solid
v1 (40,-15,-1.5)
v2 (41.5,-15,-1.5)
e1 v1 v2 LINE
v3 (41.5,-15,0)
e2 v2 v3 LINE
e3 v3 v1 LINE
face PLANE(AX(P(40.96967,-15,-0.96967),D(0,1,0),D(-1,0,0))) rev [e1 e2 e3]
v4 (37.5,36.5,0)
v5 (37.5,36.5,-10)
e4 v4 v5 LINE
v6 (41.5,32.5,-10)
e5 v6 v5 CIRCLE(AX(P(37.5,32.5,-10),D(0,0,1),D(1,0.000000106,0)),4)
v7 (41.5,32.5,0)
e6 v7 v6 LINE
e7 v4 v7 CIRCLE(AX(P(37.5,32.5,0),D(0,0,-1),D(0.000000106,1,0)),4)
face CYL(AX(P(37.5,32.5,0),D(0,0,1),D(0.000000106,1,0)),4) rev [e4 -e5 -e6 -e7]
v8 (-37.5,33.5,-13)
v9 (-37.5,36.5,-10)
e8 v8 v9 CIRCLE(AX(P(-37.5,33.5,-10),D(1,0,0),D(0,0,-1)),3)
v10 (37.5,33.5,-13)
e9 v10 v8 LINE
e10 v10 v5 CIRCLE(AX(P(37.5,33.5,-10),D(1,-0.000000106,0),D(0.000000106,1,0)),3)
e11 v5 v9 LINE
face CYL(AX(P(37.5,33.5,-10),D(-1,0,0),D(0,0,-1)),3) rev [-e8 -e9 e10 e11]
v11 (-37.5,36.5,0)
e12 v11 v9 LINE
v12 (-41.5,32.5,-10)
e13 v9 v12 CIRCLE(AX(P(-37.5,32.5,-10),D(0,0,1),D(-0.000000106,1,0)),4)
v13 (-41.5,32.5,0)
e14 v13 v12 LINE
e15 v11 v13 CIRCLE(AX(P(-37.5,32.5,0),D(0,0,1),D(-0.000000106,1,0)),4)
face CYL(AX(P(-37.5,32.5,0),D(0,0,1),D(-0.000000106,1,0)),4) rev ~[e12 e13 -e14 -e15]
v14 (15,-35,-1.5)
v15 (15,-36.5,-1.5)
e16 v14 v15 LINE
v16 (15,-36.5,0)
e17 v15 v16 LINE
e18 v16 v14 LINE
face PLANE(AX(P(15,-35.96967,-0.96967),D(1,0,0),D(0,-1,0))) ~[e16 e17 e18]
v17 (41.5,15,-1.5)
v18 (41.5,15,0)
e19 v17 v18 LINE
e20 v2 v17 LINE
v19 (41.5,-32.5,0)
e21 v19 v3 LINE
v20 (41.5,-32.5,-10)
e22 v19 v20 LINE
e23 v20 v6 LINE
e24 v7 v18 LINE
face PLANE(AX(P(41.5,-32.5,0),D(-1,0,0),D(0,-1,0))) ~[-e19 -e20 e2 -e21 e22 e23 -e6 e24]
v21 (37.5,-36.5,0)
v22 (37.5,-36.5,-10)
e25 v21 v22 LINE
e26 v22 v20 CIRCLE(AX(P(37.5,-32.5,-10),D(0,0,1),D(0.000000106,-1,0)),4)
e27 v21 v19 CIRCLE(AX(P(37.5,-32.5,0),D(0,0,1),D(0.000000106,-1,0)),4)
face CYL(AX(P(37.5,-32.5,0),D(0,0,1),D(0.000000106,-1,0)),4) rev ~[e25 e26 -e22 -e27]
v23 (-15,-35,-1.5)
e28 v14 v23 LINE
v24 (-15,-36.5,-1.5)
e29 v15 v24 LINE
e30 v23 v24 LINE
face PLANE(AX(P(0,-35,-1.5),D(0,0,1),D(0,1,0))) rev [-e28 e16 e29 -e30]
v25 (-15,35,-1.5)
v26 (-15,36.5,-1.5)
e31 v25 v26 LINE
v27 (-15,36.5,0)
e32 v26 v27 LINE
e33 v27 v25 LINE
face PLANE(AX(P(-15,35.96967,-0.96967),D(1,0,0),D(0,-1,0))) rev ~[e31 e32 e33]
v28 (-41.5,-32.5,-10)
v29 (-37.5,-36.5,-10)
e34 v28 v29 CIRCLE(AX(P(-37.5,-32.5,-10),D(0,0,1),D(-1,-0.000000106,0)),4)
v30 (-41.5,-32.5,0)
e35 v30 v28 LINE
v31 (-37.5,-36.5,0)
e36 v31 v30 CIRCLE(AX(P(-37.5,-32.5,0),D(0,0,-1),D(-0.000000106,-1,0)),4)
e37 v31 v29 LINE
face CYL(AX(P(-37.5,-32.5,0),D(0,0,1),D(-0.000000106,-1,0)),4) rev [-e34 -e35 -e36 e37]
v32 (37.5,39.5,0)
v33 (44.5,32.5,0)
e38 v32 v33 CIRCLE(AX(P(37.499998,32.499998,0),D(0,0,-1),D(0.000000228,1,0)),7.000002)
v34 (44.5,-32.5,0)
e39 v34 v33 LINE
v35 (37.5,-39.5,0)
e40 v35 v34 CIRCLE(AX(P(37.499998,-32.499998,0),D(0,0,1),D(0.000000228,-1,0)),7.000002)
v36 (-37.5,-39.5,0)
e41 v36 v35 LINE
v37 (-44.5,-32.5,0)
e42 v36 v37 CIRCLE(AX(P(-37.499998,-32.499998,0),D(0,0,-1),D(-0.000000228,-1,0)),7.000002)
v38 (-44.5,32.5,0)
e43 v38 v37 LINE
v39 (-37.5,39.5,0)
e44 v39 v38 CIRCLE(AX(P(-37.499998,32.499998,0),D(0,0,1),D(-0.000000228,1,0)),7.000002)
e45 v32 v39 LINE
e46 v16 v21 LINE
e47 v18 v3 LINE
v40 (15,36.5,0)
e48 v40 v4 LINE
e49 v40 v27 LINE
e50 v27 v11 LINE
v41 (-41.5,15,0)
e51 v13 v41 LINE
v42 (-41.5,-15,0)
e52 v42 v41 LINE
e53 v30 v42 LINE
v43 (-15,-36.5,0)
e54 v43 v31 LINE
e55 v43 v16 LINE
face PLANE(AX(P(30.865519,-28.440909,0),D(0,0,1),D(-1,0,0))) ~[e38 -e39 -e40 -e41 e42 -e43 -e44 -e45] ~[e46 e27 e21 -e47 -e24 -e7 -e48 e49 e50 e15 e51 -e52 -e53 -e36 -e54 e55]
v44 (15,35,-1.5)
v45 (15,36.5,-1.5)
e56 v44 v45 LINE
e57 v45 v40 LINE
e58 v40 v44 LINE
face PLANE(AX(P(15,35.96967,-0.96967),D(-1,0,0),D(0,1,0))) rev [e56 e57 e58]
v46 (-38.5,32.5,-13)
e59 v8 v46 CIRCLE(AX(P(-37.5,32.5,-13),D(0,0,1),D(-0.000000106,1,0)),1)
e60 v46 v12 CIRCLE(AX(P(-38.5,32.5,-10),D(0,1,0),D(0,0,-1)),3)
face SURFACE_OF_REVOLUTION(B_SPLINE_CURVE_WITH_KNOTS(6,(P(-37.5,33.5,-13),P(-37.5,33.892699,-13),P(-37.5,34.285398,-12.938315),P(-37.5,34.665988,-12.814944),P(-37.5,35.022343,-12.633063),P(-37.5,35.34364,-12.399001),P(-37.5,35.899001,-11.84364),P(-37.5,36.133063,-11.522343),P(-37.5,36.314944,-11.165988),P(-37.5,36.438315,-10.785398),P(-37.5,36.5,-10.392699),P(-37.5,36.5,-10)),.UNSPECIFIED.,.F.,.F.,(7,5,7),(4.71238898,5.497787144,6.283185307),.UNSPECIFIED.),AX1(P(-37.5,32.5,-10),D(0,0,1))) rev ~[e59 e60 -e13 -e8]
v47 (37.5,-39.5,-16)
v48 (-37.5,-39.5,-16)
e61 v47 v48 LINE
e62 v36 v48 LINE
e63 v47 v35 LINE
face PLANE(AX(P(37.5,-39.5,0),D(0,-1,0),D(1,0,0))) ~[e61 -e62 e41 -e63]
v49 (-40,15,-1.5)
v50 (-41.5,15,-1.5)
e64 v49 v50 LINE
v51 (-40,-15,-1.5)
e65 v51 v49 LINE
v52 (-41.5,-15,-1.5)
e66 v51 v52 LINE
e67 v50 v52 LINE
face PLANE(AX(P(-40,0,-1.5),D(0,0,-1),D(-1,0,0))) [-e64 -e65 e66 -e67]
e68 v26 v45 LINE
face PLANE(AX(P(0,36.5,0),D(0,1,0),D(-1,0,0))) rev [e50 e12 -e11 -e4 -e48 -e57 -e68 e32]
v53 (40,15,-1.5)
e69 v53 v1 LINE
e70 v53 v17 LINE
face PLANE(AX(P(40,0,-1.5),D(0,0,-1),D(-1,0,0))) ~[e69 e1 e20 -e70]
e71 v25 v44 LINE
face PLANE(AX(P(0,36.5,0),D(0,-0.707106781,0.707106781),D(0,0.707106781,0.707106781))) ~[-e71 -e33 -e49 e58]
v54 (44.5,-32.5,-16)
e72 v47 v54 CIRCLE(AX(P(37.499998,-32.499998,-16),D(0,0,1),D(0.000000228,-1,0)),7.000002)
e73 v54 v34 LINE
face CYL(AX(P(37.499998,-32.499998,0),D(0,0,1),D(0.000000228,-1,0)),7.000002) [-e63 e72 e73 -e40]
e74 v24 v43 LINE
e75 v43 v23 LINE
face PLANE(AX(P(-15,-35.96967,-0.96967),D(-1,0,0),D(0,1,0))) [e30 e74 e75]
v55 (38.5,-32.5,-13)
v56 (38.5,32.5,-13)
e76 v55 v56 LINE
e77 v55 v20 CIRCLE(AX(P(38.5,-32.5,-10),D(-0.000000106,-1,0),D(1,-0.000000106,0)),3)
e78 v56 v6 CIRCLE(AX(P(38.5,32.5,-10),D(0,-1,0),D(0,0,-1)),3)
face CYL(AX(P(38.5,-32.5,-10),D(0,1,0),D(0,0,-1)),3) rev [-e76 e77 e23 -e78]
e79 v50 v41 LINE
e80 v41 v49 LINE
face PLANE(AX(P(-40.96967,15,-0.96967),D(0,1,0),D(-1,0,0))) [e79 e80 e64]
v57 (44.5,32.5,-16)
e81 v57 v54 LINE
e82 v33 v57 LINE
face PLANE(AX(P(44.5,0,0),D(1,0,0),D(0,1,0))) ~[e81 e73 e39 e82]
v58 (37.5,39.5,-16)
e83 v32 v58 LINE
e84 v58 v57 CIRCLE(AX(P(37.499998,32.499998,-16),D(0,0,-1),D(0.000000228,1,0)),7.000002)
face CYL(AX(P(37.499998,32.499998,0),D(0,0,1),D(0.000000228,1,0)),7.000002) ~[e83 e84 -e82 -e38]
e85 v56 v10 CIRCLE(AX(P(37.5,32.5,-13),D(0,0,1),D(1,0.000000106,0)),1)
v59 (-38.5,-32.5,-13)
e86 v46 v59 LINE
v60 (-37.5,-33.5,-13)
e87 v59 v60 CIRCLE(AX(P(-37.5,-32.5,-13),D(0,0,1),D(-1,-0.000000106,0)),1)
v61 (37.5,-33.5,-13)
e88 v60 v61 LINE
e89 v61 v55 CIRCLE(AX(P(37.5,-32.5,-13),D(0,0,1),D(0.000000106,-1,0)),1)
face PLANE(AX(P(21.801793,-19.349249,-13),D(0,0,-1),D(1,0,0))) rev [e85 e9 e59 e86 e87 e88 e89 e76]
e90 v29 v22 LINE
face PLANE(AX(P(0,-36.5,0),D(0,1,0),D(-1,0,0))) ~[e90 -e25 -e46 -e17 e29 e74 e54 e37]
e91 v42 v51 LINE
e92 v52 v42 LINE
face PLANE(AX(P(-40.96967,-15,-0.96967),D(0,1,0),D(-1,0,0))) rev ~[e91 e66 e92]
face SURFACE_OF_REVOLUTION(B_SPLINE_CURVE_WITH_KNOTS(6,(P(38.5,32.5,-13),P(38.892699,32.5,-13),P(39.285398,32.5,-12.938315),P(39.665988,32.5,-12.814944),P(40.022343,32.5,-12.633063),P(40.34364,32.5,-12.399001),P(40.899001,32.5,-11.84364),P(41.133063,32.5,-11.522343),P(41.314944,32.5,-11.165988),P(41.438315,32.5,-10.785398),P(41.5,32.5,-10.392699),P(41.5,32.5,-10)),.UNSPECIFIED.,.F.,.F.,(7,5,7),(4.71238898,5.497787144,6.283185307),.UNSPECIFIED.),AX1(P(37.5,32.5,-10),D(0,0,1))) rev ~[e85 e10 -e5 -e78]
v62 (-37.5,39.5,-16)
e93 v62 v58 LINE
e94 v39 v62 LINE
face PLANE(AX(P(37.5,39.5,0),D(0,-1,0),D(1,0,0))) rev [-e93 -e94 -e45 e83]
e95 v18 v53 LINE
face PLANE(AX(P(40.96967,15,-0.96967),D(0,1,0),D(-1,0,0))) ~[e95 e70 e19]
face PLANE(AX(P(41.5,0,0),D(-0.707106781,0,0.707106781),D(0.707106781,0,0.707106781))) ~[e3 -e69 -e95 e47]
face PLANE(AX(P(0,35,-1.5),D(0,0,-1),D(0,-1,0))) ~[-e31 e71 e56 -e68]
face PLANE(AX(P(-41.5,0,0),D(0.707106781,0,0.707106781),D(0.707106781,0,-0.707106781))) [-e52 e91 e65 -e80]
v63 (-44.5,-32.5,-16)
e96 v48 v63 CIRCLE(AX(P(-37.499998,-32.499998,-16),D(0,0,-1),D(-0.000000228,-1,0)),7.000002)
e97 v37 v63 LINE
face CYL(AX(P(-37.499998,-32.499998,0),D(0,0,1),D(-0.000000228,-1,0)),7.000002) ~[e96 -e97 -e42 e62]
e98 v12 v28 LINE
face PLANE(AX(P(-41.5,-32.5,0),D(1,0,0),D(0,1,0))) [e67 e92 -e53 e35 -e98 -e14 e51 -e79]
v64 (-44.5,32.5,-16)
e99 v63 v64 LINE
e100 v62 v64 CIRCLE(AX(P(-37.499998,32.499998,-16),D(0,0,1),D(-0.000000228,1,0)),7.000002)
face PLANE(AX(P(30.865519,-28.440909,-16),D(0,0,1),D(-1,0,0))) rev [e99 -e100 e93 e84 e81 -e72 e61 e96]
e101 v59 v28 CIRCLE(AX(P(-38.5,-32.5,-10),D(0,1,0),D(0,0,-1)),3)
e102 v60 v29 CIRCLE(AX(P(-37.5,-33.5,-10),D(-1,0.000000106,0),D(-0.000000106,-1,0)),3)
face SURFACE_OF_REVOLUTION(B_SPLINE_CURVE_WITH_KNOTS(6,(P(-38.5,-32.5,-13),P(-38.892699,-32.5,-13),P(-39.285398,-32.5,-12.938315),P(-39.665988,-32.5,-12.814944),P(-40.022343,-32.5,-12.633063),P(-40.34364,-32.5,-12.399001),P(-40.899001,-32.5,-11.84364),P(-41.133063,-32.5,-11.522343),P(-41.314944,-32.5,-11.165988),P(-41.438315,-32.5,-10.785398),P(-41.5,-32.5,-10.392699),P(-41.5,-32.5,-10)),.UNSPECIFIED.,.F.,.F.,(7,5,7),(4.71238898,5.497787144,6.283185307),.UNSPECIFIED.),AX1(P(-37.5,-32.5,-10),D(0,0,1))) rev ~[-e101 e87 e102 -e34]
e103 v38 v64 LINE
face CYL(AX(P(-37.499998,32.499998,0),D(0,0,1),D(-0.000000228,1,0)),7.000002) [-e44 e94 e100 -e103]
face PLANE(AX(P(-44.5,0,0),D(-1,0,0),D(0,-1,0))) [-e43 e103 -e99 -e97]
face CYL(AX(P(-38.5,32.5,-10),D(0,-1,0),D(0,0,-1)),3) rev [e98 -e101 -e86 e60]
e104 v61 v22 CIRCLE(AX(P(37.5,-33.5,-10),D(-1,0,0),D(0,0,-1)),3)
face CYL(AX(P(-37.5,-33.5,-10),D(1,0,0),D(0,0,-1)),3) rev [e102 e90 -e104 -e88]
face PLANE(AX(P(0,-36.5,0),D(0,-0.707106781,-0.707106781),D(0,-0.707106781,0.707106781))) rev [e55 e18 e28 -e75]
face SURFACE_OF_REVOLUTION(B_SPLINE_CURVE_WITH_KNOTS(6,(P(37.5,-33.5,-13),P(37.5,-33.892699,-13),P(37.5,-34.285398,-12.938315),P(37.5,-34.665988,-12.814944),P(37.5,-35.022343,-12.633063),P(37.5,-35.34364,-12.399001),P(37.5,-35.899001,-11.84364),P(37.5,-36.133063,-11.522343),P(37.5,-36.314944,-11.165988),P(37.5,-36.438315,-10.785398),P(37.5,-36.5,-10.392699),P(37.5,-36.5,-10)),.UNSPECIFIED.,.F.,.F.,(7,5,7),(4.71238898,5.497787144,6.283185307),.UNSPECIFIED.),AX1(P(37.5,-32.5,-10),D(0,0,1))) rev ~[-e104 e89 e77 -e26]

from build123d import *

# Parameters (mm, degrees)
PAD001_DEPTH            = 15
PAD_DEPTH               = 16
PAD002_DEPTH            = 3
PAD003_DEPTH            = 15
PAD001_MIRRORED_2_DEPTH = 15
PAD_MIRRORED_2_DEPTH    = 16
PAD002_MIRRORED_2_DEPTH = 3
PAD003_MIRRORED_2_DEPTH = 15
FILLET_R                = 3


with BuildPart() as part:
    # Sketch001 → Pad001 (new body)
    with BuildSketch(Plane(origin=(-41.5, 0, 0), x_dir=(-1, 0, 0), z_dir=(0, 1, 0))):
        Polygon((0, 0), (-1.5, -1.5), (0, -1.5), align=None)
    pad001 = extrude(amount=PAD001_DEPTH)

    # Sketch → Pad (join)
    with BuildSketch(Plane.XY):
        with BuildLine():
            Line((0, 36.5), (-37.5, 36.5))
            ThreePointArc((-37.5, 36.5), (-40.328427, 35.328427), (-41.5, 32.5))
            Line((-41.5, 32.5), (-41.5, 0))
            Line((-41.5, 0), (-44.5, 0))
            Line((-44.5, 0), (-44.5, 32.5))
            ThreePointArc((-37.5, 39.5), (-42.449747, 37.449747), (-44.5, 32.5))
            Line((-37.5, 39.5), (0, 39.5))
            Line((0, 36.5), (0, 39.5))
        make_face()
    pad = extrude(amount=-PAD_DEPTH)

    # Sketch002 (on Face14 of Pad) → Pad002 (join)
    with BuildSketch(Plane(origin=(-41.5, 0, -16), x_dir=(-1, 0, 0), z_dir=(0, 0, -1))):
        with BuildLine():
            Line((-41.5, 39.5), (-4, 39.5))
            ThreePointArc((3, 32.5), (0.949747, 37.449747), (-4, 39.5))
            Line((3, 32.5), (3, 0))
            Line((3, 0), (-41.5, 0))
            Line((-41.5, 0), (-41.5, 39.5))
        make_face()
    pad002 = extrude(amount=-PAD002_DEPTH)

    # Sketch003 (on Face6 of Pad002) → Pad003 (join)
    with BuildSketch(Plane(origin=(0, 36.5, 0), x_dir=(0, 1, 0), z_dir=(-1, 0, 0))):
        Polygon((0, 0), (-1.5, 1.5), (0, 1.5), align=None)
    pad003 = extrude(amount=PAD003_DEPTH)

    # Sketch001 Mirrored 2 → Pad001 Mirrored 2 (add)
    with BuildSketch(Plane(origin=(-41.5, 0, 0), x_dir=(-1, 0, 0), z_dir=(0, 1, 0))):
        Polygon((0, 0), (-1.5, -1.5), (0, -1.5), align=None)
    pad001_mirrored_2 = extrude(amount=-PAD001_MIRRORED_2_DEPTH)

    # Sketch Mirrored 2 → Pad Mirrored 2 (add)
    with BuildSketch(Plane(origin=(0, 0, 0), x_dir=(1, 0, 0), z_dir=(0, 0, -1))):
        with BuildLine():
            Line((0, 36.5), (-37.5, 36.5))
            ThreePointArc((-37.5, 36.5), (-40.328427, 35.328427), (-41.5, 32.5))
            Line((-41.5, 32.5), (-41.5, 0))
            Line((-41.5, 0), (-44.5, 0))
            Line((-44.5, 0), (-44.5, 32.5))
            ThreePointArc((-37.5, 39.5), (-42.449747, 37.449747), (-44.5, 32.5))
            Line((-37.5, 39.5), (0, 39.5))
            Line((0, 36.5), (0, 39.5))
        make_face()
    pad_mirrored_2 = extrude(amount=PAD_MIRRORED_2_DEPTH)

    # Sketch002 Mirrored 2 → Pad002 Mirrored 2 (add)
    with BuildSketch(Plane(origin=(-41.5, 0, -16), x_dir=(-1, 0, 0), z_dir=(0, 0, 1))):
        with BuildLine():
            Line((-41.5, 39.5), (-4, 39.5))
            ThreePointArc((3, 32.5), (0.949747, 37.449747), (-4, 39.5))
            Line((3, 32.5), (3, 0))
            Line((3, 0), (-41.5, 0))
            Line((-41.5, 0), (-41.5, 39.5))
        make_face()
    pad002_mirrored_2 = extrude(amount=PAD002_MIRRORED_2_DEPTH)

    # Sketch003 Mirrored 2 → Pad003 Mirrored 2 (add)
    with BuildSketch(Plane(origin=(0, -36.5, 0), x_dir=(0, -1, 0), z_dir=(1, 0, 0))):
        Polygon((0, 0), (-1.5, 1.5), (0, 1.5), align=None)
    pad003_mirrored_2 = extrude(amount=-PAD003_MIRRORED_2_DEPTH)

    # Mirrored001: Pad001, Pad, Pad002, Pad003, Pad001 Mirrored 2, Pad Mirrored 2, Pad002 Mirrored 2, Pad003 Mirrored 2 across YZ
    add(pad001.mirror(Plane.YZ))
    add(pad.mirror(Plane.YZ))
    add(pad002.mirror(Plane.YZ))
    add(pad003.mirror(Plane.YZ))
    add(pad001_mirrored_2.mirror(Plane.YZ))
    add(pad_mirrored_2.mirror(Plane.YZ))
    add(pad002_mirrored_2.mirror(Plane.YZ))
    add(pad003_mirrored_2.mirror(Plane.YZ))

    # Fillet
    fillet_edges = [part.edges().sort_by_distance(p)[0] for p in [
        (-41.5, 16.25, -13),
        (-40.328427, 35.328427, -13),
        (-18.75, 36.5, -13),
        (0, 18.25, -13),
        (-20.75, 0, -13),
        (41.5, 16.25, -13),
        (40.328427, 35.328427, -13),
        (18.75, 36.5, -13),
        (20.75, 0, -13),
        (41.5, -16.25, -13),
        (40.328427, -35.328427, -13),
        (18.75, -36.5, -13),
        (0, -18.25, -13),
        (-41.5, -16.25, -13),
        (-40.328427, -35.328427, -13),
        (-18.75, -36.5, -13),
    ]]
    fillet(fillet_edges, radius=FILLET_R)


solid = part.part
